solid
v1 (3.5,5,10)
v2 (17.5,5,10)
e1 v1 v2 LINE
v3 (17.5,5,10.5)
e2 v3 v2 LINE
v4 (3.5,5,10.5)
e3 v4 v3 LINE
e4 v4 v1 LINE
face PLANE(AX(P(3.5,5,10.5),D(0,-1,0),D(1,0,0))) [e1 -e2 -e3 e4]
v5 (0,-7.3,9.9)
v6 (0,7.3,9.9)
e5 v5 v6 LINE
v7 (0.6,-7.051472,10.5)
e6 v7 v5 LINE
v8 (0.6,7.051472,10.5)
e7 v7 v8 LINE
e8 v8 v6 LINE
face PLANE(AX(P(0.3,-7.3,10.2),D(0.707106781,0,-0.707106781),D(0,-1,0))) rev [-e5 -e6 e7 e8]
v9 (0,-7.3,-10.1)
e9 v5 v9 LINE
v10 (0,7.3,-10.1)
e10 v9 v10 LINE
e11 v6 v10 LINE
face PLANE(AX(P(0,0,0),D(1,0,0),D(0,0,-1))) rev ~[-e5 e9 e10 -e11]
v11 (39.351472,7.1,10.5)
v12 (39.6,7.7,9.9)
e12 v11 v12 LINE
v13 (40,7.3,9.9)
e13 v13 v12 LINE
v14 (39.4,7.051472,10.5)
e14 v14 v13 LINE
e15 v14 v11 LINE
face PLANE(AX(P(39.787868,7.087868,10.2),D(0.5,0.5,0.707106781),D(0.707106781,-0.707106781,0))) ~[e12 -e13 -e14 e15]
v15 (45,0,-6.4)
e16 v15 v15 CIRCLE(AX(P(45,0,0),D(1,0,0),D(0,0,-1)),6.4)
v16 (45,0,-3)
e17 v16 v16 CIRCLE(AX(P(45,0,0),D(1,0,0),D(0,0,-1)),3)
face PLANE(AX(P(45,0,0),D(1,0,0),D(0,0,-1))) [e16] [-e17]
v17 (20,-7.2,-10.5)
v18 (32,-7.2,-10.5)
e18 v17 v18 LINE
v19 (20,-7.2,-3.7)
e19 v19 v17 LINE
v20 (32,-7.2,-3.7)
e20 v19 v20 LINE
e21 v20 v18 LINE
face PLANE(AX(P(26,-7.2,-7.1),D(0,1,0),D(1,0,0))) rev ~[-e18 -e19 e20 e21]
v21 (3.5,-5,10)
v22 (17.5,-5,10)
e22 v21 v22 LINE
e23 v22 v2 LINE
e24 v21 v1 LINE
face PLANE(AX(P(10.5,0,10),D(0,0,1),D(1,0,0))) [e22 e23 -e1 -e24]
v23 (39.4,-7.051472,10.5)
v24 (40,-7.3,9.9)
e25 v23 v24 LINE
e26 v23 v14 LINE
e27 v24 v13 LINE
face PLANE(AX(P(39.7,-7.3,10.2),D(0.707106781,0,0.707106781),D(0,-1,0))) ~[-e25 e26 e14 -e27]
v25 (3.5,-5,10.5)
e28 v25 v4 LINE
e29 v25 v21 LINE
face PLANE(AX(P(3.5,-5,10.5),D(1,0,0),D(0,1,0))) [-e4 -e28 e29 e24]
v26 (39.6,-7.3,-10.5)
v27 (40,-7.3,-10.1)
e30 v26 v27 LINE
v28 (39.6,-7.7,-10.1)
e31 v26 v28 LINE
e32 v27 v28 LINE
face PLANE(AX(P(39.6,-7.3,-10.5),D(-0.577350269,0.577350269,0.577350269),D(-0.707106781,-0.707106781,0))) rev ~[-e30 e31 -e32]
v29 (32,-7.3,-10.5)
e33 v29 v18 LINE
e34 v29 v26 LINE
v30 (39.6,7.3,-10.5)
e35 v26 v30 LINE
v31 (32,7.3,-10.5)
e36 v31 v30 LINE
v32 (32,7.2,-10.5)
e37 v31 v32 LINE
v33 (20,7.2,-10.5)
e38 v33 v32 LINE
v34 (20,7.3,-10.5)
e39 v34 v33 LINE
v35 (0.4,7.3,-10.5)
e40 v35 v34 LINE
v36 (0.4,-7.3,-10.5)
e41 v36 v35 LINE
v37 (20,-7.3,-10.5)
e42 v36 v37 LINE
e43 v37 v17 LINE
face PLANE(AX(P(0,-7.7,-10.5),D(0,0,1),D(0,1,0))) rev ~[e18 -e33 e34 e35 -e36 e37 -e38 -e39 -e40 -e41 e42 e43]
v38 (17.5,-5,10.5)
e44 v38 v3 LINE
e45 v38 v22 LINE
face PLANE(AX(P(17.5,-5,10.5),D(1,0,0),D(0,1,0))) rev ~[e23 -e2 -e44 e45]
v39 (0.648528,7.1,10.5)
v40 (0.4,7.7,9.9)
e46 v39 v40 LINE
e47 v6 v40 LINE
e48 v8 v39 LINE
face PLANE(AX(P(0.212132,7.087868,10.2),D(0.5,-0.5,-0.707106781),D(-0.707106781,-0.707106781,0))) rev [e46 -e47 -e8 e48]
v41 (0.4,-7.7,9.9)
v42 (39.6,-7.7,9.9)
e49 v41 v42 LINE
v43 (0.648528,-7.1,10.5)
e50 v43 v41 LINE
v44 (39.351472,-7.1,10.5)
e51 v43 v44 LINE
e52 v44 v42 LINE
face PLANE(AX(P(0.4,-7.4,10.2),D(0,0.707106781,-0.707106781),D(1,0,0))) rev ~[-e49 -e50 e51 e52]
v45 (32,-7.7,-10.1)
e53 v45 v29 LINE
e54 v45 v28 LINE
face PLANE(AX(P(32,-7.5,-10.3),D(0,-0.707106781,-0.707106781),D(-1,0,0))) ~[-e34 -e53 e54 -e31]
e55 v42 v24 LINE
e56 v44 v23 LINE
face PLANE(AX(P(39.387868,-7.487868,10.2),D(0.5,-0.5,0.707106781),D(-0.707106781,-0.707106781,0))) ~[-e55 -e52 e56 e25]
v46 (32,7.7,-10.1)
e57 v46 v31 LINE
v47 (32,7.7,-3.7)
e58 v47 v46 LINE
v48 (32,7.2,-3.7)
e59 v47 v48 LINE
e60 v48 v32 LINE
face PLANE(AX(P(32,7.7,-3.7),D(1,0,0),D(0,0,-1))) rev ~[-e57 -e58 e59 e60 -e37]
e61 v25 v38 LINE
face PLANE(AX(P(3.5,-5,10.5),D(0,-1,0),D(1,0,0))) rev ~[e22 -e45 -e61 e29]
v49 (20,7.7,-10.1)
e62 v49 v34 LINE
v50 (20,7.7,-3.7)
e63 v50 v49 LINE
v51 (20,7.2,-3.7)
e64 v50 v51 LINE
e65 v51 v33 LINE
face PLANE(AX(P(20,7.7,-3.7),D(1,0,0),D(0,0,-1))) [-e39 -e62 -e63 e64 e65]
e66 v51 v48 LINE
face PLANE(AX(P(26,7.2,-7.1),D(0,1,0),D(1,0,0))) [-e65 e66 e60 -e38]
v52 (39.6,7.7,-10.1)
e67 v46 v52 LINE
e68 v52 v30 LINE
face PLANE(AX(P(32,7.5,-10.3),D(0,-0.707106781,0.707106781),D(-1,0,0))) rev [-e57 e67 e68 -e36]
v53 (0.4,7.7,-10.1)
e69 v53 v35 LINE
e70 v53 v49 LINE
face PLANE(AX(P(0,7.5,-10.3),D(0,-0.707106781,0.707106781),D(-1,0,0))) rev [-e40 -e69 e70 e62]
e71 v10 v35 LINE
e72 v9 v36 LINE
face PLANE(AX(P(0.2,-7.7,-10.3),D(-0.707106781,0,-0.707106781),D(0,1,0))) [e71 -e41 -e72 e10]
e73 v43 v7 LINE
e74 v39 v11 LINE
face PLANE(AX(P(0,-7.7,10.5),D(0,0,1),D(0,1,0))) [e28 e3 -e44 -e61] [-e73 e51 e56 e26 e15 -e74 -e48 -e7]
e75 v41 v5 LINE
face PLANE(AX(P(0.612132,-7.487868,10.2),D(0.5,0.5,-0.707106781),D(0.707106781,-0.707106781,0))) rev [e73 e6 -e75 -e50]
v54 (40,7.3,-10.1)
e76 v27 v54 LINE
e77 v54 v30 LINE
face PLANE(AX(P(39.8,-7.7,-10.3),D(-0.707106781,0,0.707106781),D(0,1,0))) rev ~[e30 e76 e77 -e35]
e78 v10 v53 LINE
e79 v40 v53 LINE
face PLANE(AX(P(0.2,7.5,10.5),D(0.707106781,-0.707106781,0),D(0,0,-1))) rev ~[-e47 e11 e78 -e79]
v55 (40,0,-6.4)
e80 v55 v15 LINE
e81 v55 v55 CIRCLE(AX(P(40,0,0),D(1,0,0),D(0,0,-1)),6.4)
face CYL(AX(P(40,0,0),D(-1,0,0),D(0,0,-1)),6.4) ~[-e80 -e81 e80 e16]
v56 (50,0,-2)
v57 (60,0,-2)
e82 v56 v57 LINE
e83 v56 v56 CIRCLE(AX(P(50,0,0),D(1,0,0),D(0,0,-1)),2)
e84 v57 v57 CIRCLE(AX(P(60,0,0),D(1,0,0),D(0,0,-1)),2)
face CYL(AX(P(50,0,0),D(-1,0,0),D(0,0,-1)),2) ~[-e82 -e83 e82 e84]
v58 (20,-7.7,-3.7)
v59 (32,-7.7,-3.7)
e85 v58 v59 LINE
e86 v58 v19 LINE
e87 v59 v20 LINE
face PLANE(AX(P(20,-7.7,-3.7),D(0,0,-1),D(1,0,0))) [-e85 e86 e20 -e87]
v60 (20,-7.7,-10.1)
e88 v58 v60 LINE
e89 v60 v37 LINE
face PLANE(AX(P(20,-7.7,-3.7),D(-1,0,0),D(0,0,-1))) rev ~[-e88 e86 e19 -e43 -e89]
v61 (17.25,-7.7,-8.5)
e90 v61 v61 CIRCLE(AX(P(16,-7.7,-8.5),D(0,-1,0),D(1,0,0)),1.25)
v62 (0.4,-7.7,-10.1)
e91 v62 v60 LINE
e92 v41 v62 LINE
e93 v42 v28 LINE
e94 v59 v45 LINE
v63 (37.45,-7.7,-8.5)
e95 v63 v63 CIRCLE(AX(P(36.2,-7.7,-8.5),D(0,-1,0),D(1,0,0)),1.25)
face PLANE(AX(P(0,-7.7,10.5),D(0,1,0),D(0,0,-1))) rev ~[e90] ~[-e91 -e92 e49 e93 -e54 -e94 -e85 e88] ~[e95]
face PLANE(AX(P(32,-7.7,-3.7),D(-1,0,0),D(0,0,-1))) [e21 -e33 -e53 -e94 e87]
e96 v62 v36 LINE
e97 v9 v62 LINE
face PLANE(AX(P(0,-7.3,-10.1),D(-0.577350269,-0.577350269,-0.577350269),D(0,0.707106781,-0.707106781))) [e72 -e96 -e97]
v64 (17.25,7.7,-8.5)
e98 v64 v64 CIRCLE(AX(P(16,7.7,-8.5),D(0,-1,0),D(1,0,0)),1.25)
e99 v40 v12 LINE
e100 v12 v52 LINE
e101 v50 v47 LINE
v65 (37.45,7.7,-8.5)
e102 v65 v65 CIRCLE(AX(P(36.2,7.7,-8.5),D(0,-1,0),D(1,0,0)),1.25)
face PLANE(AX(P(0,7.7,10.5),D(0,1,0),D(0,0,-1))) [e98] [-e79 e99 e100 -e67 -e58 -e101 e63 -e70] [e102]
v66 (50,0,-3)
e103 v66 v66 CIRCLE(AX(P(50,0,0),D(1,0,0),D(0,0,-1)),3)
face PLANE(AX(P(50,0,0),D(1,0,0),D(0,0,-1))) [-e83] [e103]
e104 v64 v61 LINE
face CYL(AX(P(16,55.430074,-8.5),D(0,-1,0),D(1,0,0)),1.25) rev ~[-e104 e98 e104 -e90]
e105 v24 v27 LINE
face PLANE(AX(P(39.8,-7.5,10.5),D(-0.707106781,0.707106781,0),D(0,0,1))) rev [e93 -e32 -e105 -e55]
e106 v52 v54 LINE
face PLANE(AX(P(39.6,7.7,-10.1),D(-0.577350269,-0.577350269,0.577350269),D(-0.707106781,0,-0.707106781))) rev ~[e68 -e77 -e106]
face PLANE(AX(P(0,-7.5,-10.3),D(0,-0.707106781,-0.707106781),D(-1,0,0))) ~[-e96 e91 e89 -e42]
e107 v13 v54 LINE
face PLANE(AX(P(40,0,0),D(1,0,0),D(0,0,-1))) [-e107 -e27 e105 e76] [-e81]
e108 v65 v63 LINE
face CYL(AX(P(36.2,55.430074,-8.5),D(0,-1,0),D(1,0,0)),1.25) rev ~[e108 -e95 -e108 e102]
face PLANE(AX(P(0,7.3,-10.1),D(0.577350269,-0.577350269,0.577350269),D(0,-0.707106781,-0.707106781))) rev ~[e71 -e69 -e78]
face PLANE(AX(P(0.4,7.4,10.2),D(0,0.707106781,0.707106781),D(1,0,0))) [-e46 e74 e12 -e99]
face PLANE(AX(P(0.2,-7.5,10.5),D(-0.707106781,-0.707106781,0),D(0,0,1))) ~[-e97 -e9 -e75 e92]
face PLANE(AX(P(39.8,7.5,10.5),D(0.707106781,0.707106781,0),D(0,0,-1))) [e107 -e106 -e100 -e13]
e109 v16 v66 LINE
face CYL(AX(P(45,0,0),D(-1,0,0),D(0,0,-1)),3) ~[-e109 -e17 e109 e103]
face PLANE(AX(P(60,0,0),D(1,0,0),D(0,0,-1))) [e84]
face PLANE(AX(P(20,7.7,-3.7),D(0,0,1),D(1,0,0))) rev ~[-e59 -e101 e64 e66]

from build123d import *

# Parameters (mm, degrees)
SKETCH1_W           = 21
SKETCH1_H           = 15.4
BOSS_EXTRUDE1_DEPTH = 40
SKETCH2_W           = 14
SKETCH2_H           = 10
CUT_EXTRUDE1_DEPTH  = 0.5
SKETCH3_W           = 12
SKETCH3_H           = 6.8
CUT_EXTRUDE2_DEPTH  = 0.5
CUT_EXTRUDE3_START  = -15.4
SKETCH3_2_W         = 12
SKETCH3_2_H         = 6.8
CUT_EXTRUDE3_DEPTH  = 0.5
M3_TAPPED_HOLE1_D   = 2.5
M3_TAPPED_HOLE2_D   = 2.5
SKETCH8_R           = 6.4
BOSS_EXTRUDE3_DEPTH = 5
SKETCH9_R           = 3
BOSS_EXTRUDE4_DEPTH = 5
SKETCH10_R          = 2
BOSS_EXTRUDE5_DEPTH = 10
CHAMFER1_SIZE       = 0.4
CHAMFER2_SIZE       = 0.6


with BuildPart() as part:
    # Sketch1 → Boss-Extrude1 (new body)
    with BuildSketch(Plane(origin=(0, 0, 0), x_dir=(0, 0, -1), z_dir=(1, 0, 0))):
        Rectangle(SKETCH1_W, SKETCH1_H)
    extrude(amount=BOSS_EXTRUDE1_DEPTH)

    # Sketch2 → Cut-Extrude1 (cut)
    with BuildSketch(Plane.XY.offset(10.5)):
        with Locations((10.5, 0)):
            Rectangle(SKETCH2_W, SKETCH2_H)
    extrude(amount=-CUT_EXTRUDE1_DEPTH, mode=Mode.SUBTRACT)

    # Sketch3 → Cut-Extrude2 (cut)
    with BuildSketch(Plane(origin=(0, 7.7, 0), x_dir=(1, 0, 0), z_dir=(0, 1, 0))):
        with Locations((26, 7.1)):
            Rectangle(SKETCH3_W, SKETCH3_H)
    extrude(amount=-CUT_EXTRUDE2_DEPTH, mode=Mode.SUBTRACT)

    # Sketch3<2> → Cut-Extrude3 (cut)
    with BuildSketch(Plane(origin=(0, 7.7, 0), x_dir=(1, 0, 0), z_dir=(0, 1, 0)).offset(CUT_EXTRUDE3_START)):
        with Locations((26, 7.1)):
            Rectangle(SKETCH3_2_W, SKETCH3_2_H)
    extrude(amount=CUT_EXTRUDE3_DEPTH, mode=Mode.SUBTRACT)

    # M3 Tapped Hole1 (through all)
    with Locations(Plane(origin=(0, 7.7, 0), x_dir=(-1, 0, 0), z_dir=(0, 1, 0))):
        with Locations((-36.2, -8.5)):
            Hole(M3_TAPPED_HOLE1_D / 2)

    # M3 Tapped Hole2 (through all)
    with Locations(Plane(origin=(0, 7.7, 0), x_dir=(-1, 0, 0), z_dir=(0, 1, 0))):
        with Locations((-16, -8.5)):
            Hole(M3_TAPPED_HOLE2_D / 2)

    # Sketch8 → Boss-Extrude3 (add)
    with BuildSketch(Plane(origin=(40, 0, 0), x_dir=(0, 0, -1), z_dir=(1, 0, 0))):
        Circle(SKETCH8_R)
    extrude(amount=BOSS_EXTRUDE3_DEPTH)

    # Sketch9 → Boss-Extrude4 (add)
    with BuildSketch(Plane(origin=(45, 0, 0), x_dir=(0, 0, -1), z_dir=(1, 0, 0))):
        Circle(SKETCH9_R)
    extrude(amount=BOSS_EXTRUDE4_DEPTH)

    # Sketch10 → Boss-Extrude5 (add)
    with BuildSketch(Plane(origin=(50, 0, 0), x_dir=(0, 0, -1), z_dir=(1, 0, 0))):
        Circle(SKETCH10_R)
    extrude(amount=BOSS_EXTRUDE5_DEPTH)

    # Chamfer1
    chamfer1_edges = [part.edges().sort_by_distance(p)[0] for p in [
        (40, -7.7, 0),
        (10, 7.7, -10.5),
        (40, 0, -10.5),
        (10, -7.7, -10.5),
        (0, -7.7, 0),
        (0, 7.7, 0),
        (0, 0, -10.5),
        (40, 7.7, 0),
        (36, -7.7, -10.5),
        (36, 7.7, -10.5),
    ]]
    chamfer(chamfer1_edges, length=CHAMFER1_SIZE)

    # Chamfer2
    chamfer2_edges = [part.edges().sort_by_distance(p)[0] for p in [
        (40, 0, 10.5),
        (0, 0, 10.5),
        (20, -7.7, 10.5),
        (20, 7.7, 10.5),
        (0.2, -7.5, 10.5),
        (0.2, 7.5, 10.5),
        (39.8, -7.5, 10.5),
        (39.8, 7.5, 10.5),
    ]]
    chamfer(chamfer2_edges, length=CHAMFER2_SIZE)


solid = part.part
